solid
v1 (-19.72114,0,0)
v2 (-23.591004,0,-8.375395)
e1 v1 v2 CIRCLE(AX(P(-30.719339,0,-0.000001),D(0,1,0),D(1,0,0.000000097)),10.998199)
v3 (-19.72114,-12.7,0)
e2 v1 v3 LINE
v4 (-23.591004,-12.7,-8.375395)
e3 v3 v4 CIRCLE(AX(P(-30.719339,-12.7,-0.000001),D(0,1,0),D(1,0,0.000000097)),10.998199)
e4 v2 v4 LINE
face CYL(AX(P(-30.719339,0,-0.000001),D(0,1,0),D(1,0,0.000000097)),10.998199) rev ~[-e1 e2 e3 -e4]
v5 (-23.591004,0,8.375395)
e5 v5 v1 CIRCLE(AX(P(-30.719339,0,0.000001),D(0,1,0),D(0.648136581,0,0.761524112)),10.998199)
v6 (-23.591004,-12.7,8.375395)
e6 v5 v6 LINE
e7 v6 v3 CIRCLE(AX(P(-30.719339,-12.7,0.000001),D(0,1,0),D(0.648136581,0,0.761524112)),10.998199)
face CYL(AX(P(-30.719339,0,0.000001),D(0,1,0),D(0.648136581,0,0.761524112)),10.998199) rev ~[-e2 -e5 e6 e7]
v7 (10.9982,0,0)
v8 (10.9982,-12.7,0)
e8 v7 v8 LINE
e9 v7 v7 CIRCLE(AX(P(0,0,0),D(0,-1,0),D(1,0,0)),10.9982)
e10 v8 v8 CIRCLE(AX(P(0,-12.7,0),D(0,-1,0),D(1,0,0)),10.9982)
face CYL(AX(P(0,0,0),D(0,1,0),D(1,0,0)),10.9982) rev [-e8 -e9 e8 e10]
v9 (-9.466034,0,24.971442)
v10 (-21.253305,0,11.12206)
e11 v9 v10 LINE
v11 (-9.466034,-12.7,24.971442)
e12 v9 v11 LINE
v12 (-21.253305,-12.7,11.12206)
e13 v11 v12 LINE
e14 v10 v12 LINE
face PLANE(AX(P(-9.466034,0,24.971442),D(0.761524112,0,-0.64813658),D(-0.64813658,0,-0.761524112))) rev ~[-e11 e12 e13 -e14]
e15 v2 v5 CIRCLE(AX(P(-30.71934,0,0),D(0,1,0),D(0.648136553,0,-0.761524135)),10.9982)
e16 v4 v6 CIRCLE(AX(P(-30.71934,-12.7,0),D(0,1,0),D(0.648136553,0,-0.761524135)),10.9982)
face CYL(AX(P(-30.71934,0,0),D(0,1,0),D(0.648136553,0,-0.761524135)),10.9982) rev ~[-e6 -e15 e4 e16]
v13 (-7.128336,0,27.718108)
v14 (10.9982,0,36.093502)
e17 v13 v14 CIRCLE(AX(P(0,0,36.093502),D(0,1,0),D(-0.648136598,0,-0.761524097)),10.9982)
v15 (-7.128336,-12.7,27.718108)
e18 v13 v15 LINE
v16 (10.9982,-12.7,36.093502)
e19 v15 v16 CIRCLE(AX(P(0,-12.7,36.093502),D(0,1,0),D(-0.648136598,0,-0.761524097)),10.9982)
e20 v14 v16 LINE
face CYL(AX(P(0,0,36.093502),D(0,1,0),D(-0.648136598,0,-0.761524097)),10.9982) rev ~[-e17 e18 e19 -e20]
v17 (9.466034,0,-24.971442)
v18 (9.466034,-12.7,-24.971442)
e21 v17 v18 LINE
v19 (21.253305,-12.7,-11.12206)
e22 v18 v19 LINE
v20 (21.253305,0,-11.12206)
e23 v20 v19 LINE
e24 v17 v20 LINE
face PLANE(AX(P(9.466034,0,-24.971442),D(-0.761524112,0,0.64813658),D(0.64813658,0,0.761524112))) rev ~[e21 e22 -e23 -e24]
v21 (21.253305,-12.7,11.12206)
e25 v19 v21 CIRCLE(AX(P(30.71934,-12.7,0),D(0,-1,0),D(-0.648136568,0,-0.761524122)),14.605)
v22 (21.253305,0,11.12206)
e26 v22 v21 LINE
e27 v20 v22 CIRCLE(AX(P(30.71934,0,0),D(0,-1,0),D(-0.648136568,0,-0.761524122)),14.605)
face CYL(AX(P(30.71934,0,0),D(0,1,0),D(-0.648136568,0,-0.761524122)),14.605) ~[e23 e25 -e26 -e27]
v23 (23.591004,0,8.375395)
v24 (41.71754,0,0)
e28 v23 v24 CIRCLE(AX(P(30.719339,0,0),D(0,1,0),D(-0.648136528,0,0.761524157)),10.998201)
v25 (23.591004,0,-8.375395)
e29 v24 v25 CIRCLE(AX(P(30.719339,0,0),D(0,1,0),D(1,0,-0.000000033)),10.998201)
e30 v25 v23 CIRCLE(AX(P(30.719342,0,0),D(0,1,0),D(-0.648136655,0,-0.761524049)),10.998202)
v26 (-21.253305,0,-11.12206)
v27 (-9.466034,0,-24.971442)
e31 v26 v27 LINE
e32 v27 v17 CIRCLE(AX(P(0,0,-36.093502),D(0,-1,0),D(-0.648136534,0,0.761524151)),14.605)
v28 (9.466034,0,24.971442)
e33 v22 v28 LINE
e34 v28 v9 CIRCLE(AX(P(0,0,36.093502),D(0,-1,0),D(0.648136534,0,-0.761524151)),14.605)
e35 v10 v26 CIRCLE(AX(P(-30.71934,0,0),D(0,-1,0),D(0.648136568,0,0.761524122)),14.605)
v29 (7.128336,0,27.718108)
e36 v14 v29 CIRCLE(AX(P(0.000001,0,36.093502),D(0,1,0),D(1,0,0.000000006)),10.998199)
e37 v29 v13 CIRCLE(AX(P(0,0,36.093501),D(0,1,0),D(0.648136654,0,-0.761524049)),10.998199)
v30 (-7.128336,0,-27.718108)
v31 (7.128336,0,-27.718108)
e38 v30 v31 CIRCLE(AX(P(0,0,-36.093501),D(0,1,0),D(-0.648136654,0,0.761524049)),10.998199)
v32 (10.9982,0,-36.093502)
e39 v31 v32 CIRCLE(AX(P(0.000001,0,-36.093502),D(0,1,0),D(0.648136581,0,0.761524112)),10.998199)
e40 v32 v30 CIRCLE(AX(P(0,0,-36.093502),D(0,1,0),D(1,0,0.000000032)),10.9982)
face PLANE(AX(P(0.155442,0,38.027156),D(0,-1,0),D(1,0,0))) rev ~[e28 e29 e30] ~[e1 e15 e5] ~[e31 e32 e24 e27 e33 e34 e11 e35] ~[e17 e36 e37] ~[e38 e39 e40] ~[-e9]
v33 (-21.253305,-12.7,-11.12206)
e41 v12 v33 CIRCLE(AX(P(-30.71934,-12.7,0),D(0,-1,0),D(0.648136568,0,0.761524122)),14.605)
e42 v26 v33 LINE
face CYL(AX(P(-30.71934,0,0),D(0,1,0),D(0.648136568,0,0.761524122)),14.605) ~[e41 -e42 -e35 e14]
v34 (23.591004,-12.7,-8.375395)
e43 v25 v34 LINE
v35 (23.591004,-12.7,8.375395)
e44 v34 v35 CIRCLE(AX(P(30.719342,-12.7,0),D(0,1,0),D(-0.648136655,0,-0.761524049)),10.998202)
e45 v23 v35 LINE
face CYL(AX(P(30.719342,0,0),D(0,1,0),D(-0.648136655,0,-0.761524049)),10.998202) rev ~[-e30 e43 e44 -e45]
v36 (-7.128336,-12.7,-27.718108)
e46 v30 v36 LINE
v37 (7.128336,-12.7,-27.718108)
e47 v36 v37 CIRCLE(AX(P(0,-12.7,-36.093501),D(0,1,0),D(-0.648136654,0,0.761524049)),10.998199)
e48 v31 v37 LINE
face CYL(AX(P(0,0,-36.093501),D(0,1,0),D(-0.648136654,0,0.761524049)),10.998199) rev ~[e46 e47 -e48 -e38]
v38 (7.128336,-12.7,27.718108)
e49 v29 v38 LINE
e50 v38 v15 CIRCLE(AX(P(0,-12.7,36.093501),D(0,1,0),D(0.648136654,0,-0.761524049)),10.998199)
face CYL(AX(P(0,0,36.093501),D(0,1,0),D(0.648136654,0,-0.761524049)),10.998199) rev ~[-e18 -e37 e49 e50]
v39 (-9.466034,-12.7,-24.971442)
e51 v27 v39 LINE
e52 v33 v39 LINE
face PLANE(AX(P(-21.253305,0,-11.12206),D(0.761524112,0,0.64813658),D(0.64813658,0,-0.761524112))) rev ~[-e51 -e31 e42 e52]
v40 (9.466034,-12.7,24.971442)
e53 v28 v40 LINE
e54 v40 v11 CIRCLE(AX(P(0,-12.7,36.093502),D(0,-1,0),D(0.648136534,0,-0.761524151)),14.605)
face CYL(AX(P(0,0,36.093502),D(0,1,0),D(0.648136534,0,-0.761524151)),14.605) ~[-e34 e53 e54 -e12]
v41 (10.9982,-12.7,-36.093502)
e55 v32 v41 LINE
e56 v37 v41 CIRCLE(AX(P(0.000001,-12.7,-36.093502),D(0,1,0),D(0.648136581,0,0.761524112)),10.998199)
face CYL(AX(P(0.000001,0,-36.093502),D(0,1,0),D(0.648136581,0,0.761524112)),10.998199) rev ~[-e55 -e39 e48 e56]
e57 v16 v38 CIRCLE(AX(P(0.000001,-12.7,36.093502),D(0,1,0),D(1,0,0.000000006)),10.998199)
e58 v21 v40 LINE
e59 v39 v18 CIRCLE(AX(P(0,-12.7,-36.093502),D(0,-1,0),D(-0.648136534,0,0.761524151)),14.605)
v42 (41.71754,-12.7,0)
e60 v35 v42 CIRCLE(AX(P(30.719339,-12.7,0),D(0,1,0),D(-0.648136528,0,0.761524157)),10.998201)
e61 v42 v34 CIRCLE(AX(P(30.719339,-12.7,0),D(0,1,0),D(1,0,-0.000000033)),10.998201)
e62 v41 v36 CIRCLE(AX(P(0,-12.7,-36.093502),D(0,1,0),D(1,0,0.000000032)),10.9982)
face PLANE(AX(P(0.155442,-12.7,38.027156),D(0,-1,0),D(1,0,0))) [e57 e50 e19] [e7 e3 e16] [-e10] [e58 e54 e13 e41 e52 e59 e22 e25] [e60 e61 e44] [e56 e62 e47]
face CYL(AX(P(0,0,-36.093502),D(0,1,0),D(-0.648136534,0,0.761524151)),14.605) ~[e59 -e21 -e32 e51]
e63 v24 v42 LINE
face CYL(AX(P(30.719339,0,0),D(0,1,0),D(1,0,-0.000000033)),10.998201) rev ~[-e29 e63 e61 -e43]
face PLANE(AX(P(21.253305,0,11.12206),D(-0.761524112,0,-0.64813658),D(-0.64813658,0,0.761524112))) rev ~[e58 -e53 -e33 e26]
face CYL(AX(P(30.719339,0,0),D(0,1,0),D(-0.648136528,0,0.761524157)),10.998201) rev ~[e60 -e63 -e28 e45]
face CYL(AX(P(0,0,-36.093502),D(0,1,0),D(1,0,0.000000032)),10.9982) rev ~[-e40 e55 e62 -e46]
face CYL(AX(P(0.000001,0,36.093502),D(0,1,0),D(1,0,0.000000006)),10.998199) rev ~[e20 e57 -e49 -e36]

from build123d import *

# Parameters (mm, degrees)
F0_R     = 10.9982
F1_DEPTH = 12.7


with BuildPart() as f1:
    # F0 (on Front) → F1 (new body)
    with BuildSketch(Plane.XZ):
        with BuildLine():
            ThreePointArc((10.9982, 36.093502), (9.983969, 31.480394), (7.128336, 27.718108))
            Line((7.128336, 27.718108), (9.466034, 24.971442))
            ThreePointArc((9.466034, 24.971442), (0, 50.698502), (-9.466034, 24.971442))
            Line((-9.466034, 24.971442), (-7.128336, 27.718108))
            ThreePointArc((-7.128336, 27.718108), (-4.613109, 46.077471), (10.9982, 36.093502))
        make_face()
        with BuildLine():
            Line((9.466034, 24.971442), (7.128336, 27.718108))
            ThreePointArc((7.128336, 27.718108), (0, 25.095302), (-7.128336, 27.718108))
            Line((-7.128336, 27.718108), (-9.466034, 24.971442))
            Line((-9.466034, 24.971442), (-21.253305, 11.12206))
            Line((-21.253305, 11.12206), (-23.591004, 8.375395))
            ThreePointArc((-23.591004, 8.375395), (-20.735371, 4.613109), (-19.72114, 0))
            ThreePointArc((-19.72114, 0), (-20.735371, -4.613109), (-23.591004, -8.375395))
            Line((-23.591004, -8.375395), (-21.253305, -11.12206))
            Line((-21.253305, -11.12206), (-9.466034, -24.971442))
            Line((-9.466034, -24.971442), (-7.128336, -27.718108))
            ThreePointArc((-7.128336, -27.718108), (0, -25.095302), (7.128336, -27.718108))
            Line((7.128336, -27.718108), (9.466034, -24.971442))
            Line((9.466034, -24.971442), (21.253305, -11.12206))
            Line((21.253305, -11.12206), (23.591004, -8.375395))
            ThreePointArc((23.591004, -8.375395), (19.72114, 0), (23.591004, 8.375395))
            Line((23.591004, 8.375395), (21.253305, 11.12206))
            Line((21.253305, 11.12206), (9.466034, 24.971442))
        make_face()
        Circle(F0_R, mode=Mode.SUBTRACT)
        with BuildLine():
            ThreePointArc((21.253305, -11.12206), (45.32434, 0), (21.253305, 11.12206))
            Line((21.253305, 11.12206), (23.591004, 8.375395))
            ThreePointArc((23.591004, 8.375395), (35.332448, 9.983969), (41.71754, 0))
            ThreePointArc((41.71754, 0), (35.332448, -9.983969), (23.591004, -8.375395))
            Line((23.591004, -8.375395), (21.253305, -11.12206))
        make_face()
        with BuildLine():
            Line((-23.591004, 8.375395), (-21.253305, 11.12206))
            ThreePointArc((-21.253305, 11.12206), (-45.32434, 0), (-21.253305, -11.12206))
            Line((-21.253305, -11.12206), (-23.591004, -8.375395))
            ThreePointArc((-23.591004, -8.375395), (-41.71754, 0), (-23.591004, 8.375395))
        make_face()
        with BuildLine():
            ThreePointArc((-9.466034, -24.971442), (0, -50.698502), (9.466034, -24.971442))
            Line((9.466034, -24.971442), (7.128336, -27.718108))
            ThreePointArc((7.128336, -27.718108), (9.983969, -31.480394), (10.9982, -36.093502))
            ThreePointArc((10.9982, -36.093502), (-4.613109, -46.077471), (-7.128336, -27.718108))
            Line((-7.128336, -27.718108), (-9.466034, -24.971442))
        make_face()
    extrude(amount=F1_DEPTH)


solid = f1.part
